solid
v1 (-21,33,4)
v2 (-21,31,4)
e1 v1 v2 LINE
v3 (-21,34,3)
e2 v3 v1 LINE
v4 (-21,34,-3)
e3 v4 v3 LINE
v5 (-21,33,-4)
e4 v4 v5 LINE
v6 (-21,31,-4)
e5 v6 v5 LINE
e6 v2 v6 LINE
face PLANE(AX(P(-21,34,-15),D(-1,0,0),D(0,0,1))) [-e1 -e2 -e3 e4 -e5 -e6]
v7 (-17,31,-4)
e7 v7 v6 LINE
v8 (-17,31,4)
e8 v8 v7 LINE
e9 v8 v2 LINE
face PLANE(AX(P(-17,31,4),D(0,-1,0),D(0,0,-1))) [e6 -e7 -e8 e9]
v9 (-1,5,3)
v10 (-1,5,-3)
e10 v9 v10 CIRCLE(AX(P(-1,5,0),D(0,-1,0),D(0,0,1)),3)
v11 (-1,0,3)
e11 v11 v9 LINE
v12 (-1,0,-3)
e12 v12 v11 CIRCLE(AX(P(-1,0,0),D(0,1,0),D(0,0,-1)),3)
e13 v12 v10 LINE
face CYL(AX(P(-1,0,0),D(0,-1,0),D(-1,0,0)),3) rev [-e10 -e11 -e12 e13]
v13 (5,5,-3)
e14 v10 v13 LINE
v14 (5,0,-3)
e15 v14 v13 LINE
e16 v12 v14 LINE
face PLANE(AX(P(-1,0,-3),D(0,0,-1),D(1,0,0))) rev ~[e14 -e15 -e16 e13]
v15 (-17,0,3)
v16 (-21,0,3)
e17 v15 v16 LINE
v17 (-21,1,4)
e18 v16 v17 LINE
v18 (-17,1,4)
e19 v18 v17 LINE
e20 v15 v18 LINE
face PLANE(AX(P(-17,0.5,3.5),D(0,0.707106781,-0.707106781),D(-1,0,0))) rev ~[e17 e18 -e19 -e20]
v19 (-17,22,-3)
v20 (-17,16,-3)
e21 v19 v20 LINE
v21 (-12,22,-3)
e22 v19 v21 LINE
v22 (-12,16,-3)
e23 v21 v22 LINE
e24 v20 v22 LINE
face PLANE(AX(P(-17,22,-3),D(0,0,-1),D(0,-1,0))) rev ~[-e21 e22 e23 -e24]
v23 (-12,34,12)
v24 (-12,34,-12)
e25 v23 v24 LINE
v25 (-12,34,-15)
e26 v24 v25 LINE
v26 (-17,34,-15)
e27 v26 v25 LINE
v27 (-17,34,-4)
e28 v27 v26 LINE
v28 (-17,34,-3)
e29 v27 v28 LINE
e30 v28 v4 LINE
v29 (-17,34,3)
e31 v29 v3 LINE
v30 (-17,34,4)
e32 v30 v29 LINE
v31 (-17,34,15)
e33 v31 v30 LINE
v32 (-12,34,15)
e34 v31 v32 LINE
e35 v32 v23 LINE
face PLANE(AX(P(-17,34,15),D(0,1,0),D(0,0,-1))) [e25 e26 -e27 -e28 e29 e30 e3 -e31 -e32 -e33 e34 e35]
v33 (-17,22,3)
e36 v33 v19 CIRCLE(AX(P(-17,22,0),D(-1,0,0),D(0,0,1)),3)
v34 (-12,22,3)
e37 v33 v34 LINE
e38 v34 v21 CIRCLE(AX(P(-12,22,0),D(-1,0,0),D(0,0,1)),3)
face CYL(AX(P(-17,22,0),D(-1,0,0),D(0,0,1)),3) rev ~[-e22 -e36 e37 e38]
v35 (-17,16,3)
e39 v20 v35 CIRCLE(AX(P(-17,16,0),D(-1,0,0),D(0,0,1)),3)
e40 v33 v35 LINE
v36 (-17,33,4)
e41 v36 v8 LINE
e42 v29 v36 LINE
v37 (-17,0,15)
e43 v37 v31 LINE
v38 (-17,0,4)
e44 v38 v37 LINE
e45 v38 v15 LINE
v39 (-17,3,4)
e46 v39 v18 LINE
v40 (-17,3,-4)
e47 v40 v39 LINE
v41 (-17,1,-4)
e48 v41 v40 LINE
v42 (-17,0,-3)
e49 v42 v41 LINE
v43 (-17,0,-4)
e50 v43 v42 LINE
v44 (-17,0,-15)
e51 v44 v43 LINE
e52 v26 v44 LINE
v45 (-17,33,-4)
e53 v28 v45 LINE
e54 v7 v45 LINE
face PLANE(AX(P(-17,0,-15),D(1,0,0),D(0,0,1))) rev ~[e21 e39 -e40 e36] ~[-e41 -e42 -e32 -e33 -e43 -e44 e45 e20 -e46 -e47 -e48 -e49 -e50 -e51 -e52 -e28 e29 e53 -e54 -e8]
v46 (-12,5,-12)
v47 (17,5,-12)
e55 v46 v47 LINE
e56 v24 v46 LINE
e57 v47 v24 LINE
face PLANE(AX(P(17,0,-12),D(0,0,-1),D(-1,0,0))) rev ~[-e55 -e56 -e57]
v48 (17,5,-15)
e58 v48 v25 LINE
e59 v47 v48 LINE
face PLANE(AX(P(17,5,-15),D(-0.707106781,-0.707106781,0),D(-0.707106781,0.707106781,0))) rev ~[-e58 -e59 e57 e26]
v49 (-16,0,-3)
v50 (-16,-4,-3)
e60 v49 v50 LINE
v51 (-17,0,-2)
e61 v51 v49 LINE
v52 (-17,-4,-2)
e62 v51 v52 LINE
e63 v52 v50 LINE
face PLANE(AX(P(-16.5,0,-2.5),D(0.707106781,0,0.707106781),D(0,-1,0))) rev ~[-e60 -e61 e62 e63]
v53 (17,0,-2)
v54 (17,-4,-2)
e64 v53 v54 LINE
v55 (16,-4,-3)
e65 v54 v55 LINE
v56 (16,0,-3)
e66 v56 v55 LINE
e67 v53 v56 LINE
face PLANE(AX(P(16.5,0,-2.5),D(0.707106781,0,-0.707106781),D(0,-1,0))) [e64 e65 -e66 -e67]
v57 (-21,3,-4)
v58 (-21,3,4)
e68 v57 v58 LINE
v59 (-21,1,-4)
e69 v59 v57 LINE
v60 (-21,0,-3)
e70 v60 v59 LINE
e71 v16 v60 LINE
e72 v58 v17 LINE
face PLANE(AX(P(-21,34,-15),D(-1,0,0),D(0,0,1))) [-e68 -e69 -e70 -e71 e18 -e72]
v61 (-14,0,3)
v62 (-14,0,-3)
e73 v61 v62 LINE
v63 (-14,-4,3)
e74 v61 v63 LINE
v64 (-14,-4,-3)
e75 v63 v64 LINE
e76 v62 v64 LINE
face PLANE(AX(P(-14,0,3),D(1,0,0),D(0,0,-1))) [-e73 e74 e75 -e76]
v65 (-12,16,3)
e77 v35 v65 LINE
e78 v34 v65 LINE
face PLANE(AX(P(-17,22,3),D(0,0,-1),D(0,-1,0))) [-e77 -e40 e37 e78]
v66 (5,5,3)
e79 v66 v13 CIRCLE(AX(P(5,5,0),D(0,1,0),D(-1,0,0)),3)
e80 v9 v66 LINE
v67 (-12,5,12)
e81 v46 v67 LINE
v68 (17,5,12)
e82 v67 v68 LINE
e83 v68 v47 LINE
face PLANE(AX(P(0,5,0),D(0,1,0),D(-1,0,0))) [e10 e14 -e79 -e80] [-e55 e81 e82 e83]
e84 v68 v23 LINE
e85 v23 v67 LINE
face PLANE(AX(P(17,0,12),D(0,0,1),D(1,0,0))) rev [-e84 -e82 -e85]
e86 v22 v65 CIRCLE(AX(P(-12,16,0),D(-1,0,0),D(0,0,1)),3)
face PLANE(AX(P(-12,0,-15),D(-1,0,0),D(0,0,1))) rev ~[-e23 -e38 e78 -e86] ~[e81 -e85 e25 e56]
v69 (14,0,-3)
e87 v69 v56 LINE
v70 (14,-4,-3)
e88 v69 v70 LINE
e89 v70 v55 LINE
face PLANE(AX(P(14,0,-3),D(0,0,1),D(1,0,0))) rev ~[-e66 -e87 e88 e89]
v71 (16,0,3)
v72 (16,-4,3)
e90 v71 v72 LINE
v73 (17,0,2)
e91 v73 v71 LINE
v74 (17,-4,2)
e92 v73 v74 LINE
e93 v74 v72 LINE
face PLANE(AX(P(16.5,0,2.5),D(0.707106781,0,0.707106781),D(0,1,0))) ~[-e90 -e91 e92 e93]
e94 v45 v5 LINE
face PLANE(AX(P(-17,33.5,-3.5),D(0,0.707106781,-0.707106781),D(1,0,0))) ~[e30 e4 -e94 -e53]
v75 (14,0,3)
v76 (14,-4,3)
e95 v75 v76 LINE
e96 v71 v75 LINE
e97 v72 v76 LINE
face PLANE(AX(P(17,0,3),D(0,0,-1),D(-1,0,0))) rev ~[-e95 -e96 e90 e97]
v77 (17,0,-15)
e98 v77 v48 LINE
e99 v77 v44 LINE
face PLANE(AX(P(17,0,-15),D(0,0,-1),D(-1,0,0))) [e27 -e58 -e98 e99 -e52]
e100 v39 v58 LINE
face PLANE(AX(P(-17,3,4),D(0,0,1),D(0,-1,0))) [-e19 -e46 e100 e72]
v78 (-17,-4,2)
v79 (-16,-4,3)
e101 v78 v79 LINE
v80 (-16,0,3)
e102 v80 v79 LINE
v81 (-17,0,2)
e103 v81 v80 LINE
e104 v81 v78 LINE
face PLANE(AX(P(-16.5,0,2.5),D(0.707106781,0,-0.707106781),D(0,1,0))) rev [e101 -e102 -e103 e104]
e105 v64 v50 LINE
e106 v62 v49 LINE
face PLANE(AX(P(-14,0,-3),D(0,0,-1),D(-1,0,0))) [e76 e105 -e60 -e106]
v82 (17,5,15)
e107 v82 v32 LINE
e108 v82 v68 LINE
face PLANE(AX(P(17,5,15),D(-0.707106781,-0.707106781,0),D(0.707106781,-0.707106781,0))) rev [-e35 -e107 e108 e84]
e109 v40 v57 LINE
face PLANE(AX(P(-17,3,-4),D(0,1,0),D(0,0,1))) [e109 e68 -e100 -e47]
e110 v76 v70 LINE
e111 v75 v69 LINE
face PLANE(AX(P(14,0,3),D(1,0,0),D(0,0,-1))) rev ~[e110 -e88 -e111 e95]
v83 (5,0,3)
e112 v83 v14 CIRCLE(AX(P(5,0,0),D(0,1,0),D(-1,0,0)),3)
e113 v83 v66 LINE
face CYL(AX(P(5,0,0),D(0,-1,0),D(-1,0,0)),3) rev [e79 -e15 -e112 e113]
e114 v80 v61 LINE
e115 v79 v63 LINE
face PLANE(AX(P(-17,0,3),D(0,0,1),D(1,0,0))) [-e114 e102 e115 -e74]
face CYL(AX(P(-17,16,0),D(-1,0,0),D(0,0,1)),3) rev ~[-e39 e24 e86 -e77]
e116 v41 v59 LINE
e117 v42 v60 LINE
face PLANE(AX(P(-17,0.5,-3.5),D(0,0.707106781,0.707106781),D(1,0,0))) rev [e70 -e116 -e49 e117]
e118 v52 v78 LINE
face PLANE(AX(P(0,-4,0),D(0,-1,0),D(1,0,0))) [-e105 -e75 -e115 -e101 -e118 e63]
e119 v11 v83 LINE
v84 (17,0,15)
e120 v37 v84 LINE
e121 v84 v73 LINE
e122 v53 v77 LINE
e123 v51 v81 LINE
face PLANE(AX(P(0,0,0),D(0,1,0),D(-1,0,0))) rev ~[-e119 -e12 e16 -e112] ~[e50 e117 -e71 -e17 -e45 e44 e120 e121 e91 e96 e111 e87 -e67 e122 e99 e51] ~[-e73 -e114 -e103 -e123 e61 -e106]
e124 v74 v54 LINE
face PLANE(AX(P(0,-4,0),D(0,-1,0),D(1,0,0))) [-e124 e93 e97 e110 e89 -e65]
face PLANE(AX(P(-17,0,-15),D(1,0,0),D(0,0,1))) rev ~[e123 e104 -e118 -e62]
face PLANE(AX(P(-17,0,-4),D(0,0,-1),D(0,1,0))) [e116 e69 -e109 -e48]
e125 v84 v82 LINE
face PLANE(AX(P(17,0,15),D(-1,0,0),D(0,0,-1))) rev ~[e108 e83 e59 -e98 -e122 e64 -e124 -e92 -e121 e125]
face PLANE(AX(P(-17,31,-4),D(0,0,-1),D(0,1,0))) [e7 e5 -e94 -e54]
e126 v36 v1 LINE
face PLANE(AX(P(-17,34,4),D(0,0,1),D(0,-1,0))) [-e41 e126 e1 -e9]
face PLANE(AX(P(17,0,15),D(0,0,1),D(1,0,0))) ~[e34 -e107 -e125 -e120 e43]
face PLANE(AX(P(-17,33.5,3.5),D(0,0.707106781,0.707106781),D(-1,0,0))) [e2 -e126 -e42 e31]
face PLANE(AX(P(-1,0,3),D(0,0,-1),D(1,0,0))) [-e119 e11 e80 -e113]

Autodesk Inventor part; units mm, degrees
ref_plane "YZ Plane" through (0, 0, 0) normal (1, 0, 0) x (0, 1, 0)
ref_plane "XZ Plane" through (0, 0, 0) normal (0, 1, 0) x (-1, 0, 0)
ref_plane "XY Plane" through (0, 0, 0) normal (0, 0, 1) x (1, 0, 0)
sketch "Sketch1" plane through (0, 0, 0) normal (0, 1, 0) x (-1, 0, 0)
  line L0 (17, 15) -> (-17, 15)
  line L1 (-17, 15) -> (-17, -15)
  line L2 (-17, -15) -> (17, -15)
  line L3 (17, -15) -> (17, 15)
  line L4 (17, 15) -> (-17, -15) construction
  line L5 (-17, 15) -> (17, -15) construction
  circle A0 centre (-5, 0) radius 3
  circle A1 centre (1, 0) radius 3
  line L6 (1, 3) -> (-5, 3)
  line L7 (1, -3) -> (-5, -3)
  point P0 (0, 0)
  dimension "d0" = 34
  dimension "d1" = 30
  dimension "d2" = 6
  dimension "d3" = 12
  dimension "d4" = 6
  dimension "d5" = 18
extrude "Extrusion1" add sketch "Sketch1" along normal blind 5
sketch "Sketch2" plane through (-17, 0, -15) normal (-1, 0, 0) x (0, 0, 1)
  line L0 (30, 0) -> (0, 0) projected
  line L1 (0, 0) -> (30, 0)
  line L2 (30, 0) -> (30, 34)
  line L3 (30, 34) -> (0, 34)
  line L4 (0, 34) -> (0, 0)
  circle A0 centre (15, 16) radius 3
  circle A1 centre (15, 22) radius 3
  line L5 (12, 22) -> (12, 16)
  line L6 (18, 22) -> (18, 16)
  point P0 (15, 0)
  point P1 (15, 0)
  dimension "d8" = 34
  dimension "d9" = 6
  dimension "d10" = 6
  dimension "d11" = 0
  dimension "d12" = 0
  dimension "d13" = 6
  dimension "d15" = 12
extrude "Extrusion2" add sketch "Sketch2" against normal blind 5
sketch "Sketch3" plane through (17, 0, -15) normal (0, 0, -1) x (-1, 0, 0)
  line L0 (34, 34) -> (29, 34) projected
  line L1 (0, 5) -> (29, 34)
  line L2 (29, 34) -> (29, 5)
  line L3 (29, 5) -> (0, 5)
  point P0 (17, 0)
extrude "Extrusion3" add sketch "Sketch3" against normal blind 3
mirror "Mirror1" about plane through (0, 0, 0) normal (0, 0, 1) of "Extrusion3"
sketch "Sketch4" plane through (0, 0, 0) normal (0, -1, 0) x (1, 0, 0)
  line L0 (20, 3) -> (14, 3)
  line L1 (14, 3) -> (14, -3)
  line L2 (14, -3) -> (20, -3)
  line L3 (20, -3) -> (20, 3)
  line L4 (17, 15) -> (17, -15) projected
  line L5 (20, 3) -> (14, -3) construction
  line L6 (14, 3) -> (20, -3) construction
  line L7 (17, 3) -> (17, -3)
  line L8 (-20, 3) -> (-14, 3)
  line L9 (-14, 3) -> (-14, -3)
  line L10 (-14, -3) -> (-20, -3)
  line L11 (-20, -3) -> (-20, 3)
  line L12 (-17, -3) -> (-17, 3) projected
  line L13 (-20, 3) -> (-14, -3) construction
  line L14 (-14, 3) -> (-20, -3) construction
  line L15 (-17, 3) -> (-17, -3)
  line L16 (-17, -15) -> (-17, 15) projected
  point P0 (0, 0)
  point P1 (17, 0)
  point P2 (-17, 0)
  dimension "d20" = 6
  dimension "d21" = 6
  dimension "d22" = 6
  dimension "d23" = 6
extrude "Extrusion4" add sketch "Sketch4" along normal blind 4 contours L4 L2 L1 L0 | L8 L9 L10 L12
chamfer "Chamfer1" distance 1 angle 45 4 edges at (17, -2, 3) (17, -2, -3) (-17, -2, -3) (-17, -2, 3)
sketch "Sketch5" plane through (-17, 34, -15) normal (-1, 0, 0) x (0, 0, 1)
  line L0 (11, 3) -> (19, 3)
  line L1 (19, 3) -> (19, -3)
  line L2 (19, -3) -> (11, -3)
  line L3 (11, -3) -> (11, 3)
  line L4 (30, 0) -> (0, 0) projected
  line L5 (11, 3) -> (19, -3) construction
  line L6 (19, 3) -> (11, -3) construction
  line L7 (11, -31) -> (19, -31)
  line L8 (19, -31) -> (19, -37)
  line L9 (19, -37) -> (11, -37)
  line L10 (11, -37) -> (11, -31)
  line L11 (11, -31) -> (19, -37) construction
  line L12 (19, -31) -> (11, -37) construction
  line L13 (11, 0) -> (19, 0)
  line L14 (0, -34) -> (13, -34) projected
  line L15 (11, -34) -> (19, -34)
  point P0 (15, -34)
  point P1 (15, 0)
  dimension "d29" = 8
  dimension "d30" = 6
  dimension "d31" = 8
  dimension "d32" = 6
extrude "Extrusion5" add sketch "Sketch5" along normal blind 4 contours L4 L1 L2 L3 | L7 L8 L15 L14 L10
chamfer "Chamfer2" distance 1 angle 45 4 edges at (-19, 0, -4) (-19, 0, 4) (-19, 34, 4) (-19, 34, -4)
properties part number "L"
